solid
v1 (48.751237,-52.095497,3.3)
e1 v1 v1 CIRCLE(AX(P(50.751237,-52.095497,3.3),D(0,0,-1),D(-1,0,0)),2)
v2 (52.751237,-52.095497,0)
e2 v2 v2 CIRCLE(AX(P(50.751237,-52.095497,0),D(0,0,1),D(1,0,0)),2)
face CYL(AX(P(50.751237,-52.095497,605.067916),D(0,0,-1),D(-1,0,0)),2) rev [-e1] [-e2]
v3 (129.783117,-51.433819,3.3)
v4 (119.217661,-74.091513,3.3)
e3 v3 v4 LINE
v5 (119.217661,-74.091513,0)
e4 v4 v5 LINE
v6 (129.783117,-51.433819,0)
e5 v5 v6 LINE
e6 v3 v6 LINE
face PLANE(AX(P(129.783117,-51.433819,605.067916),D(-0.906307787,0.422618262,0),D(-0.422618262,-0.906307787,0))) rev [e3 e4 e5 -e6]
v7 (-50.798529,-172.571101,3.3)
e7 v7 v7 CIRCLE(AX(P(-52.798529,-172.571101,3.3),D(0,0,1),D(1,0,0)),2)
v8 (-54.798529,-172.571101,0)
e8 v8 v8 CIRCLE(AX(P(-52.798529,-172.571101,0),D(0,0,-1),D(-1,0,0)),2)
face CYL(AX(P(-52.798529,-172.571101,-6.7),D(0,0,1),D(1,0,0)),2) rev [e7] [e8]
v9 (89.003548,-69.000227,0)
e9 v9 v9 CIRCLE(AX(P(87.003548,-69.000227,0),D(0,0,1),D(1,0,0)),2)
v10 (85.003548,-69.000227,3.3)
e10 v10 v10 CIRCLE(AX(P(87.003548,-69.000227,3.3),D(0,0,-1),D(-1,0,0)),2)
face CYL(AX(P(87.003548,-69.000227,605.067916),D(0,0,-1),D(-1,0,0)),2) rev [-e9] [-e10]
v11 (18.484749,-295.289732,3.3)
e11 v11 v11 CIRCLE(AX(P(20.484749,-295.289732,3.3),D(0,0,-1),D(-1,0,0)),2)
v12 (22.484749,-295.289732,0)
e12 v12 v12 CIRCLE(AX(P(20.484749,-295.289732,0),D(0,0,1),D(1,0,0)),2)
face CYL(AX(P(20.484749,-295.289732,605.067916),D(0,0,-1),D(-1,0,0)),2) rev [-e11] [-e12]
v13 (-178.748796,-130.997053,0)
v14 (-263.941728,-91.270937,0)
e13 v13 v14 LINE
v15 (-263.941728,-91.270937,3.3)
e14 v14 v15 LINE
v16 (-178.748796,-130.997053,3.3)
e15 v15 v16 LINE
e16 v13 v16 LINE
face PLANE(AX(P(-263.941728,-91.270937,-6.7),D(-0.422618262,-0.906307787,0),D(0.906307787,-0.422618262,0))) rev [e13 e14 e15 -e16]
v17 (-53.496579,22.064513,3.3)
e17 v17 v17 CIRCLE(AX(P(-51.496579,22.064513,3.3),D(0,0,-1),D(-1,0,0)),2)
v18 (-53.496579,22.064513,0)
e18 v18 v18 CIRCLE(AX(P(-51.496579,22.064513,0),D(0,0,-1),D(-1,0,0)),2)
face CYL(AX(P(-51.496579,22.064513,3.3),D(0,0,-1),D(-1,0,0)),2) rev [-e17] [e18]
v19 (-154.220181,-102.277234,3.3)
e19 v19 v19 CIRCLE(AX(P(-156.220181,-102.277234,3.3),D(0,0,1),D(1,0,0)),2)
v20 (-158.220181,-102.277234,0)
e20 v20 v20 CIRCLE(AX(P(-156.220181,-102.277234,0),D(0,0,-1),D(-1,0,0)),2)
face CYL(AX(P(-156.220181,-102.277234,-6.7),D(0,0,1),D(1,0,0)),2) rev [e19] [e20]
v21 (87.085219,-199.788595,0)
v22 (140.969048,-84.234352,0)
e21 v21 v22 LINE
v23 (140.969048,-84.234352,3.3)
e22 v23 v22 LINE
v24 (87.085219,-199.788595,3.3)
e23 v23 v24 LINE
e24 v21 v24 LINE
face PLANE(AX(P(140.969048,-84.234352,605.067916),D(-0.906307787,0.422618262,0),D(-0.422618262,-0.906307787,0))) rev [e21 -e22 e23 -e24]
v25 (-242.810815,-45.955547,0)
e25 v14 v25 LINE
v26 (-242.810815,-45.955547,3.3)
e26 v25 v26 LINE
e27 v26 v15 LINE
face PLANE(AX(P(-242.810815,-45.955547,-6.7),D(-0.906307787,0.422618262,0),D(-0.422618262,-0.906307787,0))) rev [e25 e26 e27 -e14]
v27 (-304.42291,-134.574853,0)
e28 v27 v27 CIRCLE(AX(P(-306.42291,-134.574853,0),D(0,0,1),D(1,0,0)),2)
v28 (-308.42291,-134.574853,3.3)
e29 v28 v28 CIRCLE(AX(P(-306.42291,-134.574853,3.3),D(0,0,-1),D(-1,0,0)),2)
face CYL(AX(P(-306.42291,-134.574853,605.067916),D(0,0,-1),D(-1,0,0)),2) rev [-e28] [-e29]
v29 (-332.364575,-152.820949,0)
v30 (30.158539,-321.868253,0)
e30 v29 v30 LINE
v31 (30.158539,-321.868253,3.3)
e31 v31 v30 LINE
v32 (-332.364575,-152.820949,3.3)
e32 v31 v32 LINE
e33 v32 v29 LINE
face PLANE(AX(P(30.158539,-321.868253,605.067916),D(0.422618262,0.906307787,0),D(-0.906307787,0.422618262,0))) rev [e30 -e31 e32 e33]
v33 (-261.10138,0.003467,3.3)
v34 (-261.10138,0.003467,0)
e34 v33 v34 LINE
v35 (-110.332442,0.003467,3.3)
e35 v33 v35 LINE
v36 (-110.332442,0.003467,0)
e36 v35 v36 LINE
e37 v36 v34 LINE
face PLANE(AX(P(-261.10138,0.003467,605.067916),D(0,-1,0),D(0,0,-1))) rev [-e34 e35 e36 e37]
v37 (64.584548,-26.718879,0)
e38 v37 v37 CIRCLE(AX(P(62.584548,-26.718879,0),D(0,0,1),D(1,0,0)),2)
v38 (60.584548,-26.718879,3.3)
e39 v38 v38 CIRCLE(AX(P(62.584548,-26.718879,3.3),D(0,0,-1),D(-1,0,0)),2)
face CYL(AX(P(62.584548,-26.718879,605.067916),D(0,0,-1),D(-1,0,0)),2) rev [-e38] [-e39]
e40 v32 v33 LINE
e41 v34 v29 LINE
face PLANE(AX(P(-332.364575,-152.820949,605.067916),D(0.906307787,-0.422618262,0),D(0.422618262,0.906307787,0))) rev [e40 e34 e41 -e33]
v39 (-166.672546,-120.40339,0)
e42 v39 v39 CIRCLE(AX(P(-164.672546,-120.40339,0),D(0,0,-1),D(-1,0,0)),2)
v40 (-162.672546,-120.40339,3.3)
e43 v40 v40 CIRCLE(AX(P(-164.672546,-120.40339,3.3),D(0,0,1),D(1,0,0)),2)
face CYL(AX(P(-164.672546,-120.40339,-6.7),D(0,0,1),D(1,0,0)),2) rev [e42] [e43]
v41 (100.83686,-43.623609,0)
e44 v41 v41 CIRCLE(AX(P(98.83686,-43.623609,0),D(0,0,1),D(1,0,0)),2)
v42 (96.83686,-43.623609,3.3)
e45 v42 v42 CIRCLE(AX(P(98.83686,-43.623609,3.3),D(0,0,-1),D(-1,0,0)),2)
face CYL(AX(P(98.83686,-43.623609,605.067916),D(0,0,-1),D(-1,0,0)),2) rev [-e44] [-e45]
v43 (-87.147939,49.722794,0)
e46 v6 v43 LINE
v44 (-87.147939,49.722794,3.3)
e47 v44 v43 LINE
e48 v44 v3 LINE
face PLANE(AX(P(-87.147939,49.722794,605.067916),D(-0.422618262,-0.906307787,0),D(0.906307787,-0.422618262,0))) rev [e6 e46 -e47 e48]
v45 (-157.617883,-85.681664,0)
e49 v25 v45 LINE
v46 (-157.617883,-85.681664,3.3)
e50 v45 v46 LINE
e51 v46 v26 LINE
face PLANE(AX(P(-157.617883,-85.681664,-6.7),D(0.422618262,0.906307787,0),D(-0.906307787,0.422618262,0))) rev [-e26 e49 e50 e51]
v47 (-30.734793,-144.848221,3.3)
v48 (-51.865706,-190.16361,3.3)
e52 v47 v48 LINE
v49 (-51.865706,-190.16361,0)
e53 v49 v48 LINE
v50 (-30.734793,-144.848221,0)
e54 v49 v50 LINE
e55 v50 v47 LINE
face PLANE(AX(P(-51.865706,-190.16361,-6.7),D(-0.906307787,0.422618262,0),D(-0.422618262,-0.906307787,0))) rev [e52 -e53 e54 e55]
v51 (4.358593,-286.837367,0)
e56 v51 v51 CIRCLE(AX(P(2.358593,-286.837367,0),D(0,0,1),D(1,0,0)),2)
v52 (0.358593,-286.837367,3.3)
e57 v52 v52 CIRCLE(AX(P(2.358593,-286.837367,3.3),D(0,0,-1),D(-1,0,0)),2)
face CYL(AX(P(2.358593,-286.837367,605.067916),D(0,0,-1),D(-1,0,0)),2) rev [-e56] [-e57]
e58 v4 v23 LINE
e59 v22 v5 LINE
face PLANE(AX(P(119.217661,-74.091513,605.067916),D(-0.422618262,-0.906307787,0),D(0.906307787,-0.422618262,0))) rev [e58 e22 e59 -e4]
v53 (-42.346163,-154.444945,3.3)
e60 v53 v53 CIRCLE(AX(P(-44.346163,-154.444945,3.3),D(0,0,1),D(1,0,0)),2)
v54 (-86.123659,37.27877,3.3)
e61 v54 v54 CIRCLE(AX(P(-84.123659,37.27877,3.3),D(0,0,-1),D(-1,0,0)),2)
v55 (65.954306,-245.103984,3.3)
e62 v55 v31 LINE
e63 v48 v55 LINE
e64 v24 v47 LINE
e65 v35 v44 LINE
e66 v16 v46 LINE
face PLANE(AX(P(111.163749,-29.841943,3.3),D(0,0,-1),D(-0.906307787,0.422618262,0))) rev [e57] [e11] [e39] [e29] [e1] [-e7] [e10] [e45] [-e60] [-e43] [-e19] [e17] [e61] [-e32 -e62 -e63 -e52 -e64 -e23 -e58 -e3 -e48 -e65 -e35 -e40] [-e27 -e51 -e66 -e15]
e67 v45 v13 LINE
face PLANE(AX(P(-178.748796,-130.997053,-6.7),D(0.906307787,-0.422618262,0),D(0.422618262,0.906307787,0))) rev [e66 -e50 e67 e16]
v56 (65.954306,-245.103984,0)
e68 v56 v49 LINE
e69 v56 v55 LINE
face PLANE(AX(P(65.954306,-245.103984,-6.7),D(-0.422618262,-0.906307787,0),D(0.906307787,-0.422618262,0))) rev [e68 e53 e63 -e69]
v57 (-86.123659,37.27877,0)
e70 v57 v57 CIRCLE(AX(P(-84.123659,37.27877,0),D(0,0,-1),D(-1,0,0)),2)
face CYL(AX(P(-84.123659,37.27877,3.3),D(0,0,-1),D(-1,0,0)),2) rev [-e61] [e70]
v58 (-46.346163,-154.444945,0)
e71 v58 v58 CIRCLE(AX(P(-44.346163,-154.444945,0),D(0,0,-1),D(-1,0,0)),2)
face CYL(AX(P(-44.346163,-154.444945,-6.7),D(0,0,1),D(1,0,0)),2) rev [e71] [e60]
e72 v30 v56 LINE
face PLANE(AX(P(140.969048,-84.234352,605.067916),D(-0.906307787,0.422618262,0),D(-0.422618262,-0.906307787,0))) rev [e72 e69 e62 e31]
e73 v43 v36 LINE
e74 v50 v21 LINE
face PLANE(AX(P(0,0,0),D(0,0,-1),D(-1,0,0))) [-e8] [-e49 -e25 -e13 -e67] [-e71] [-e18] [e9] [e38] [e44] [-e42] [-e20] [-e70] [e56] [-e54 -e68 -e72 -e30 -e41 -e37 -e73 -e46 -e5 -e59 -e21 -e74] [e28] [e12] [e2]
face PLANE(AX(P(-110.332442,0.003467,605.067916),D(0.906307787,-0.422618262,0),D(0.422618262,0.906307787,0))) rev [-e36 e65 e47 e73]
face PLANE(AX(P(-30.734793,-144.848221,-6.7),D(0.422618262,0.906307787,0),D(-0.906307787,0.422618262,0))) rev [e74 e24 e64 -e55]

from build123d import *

# Parameters (mm, degrees)
SKETCH1_R           = 2
BOSS_EXTRUDE1_DEPTH = 3.3
SKETCH2_R           = 2
CUT_EXTRUDE1_DEPTH  = 463.683772706
CUT_EXTRUDE2_DEPTH  = 10
CUT_EXTRUDE3_DEPTH  = 10
SKETCH7_R           = 2
CUT_EXTRUDE4_DEPTH  = 10


with BuildPart() as part:
    # Sketch1 → Boss-Extrude1 (new body)
    with BuildSketch(Plane.XY):
        Polygon((-261.101380084, 0.003466677), (-110.332441909, 0.003466677), (-87.147938799, 49.722794044), (129.783117347, -51.433818728), (119.217660803, -74.091513404), (140.969047692, -84.234351686), (30.158539464, -321.868253447), (-332.364575351, -152.820948751), align=None)
        with Locations(Location((87.00354845, -69.000227384, 0), (0, 0, 180))):
            Circle(SKETCH1_R, mode=Mode.SUBTRACT)
        with Locations(Location((98.836859779, -43.623609347, 0), (0, 0, 180))):
            Circle(SKETCH1_R, mode=Mode.SUBTRACT)
        with Locations(Location((62.584548297, -26.718878877, 0), (0, 0, 180))):
            Circle(SKETCH1_R, mode=Mode.SUBTRACT)
        with Locations(Location((50.751236969, -52.095496914, 0), (0, 0, 180))):
            Circle(SKETCH1_R, mode=Mode.SUBTRACT)
        with Locations(Location((2.358593217, -286.837367237, 0), (0, 0, 180))):
            Circle(SKETCH1_R, mode=Mode.SUBTRACT)
        with Locations(Location((-306.422910118, -134.574853143, 0), (0, 0, 180))):
            Circle(SKETCH1_R, mode=Mode.SUBTRACT)
        with Locations(Location((20.484748958, -295.289732471, 0), (0, 0, 180))):
            Circle(SKETCH1_R, mode=Mode.SUBTRACT)
    extrude(amount=BOSS_EXTRUDE1_DEPTH)

    # Sketch2 → Cut-Extrude1 (cut, through all)
    with BuildSketch(Plane(origin=(0, 0, 0), x_dir=(-1, 0, 0), z_dir=(0, 0, -1))):
        with Locations((51.496578787, 22.064512657)):
            Circle(SKETCH2_R)
        with Locations((84.12365912, 37.27877008)):
            Circle(SKETCH2_R)
    extrude(amount=-CUT_EXTRUDE1_DEPTH, mode=Mode.SUBTRACT)

    # Sketch5 → Cut-Extrude2 (cut)
    with BuildSketch(Plane.XY.offset(3.3)):
        Polygon((65.954306233, -245.103983885), (-51.865706081, -190.163609859), (-30.734792994, -144.848220507), (87.08521932, -199.788594533), align=None)
    extrude(amount=-CUT_EXTRUDE2_DEPTH, mode=Mode.SUBTRACT)

    # Sketch6 → Cut-Extrude3 (cut)
    with BuildSketch(Plane.XY.offset(3.3)):
        Polygon((-178.748796266, -130.997053215), (-157.617883179, -85.681663863), (-242.810815161, -45.955547259), (-263.941728248, -91.270936611), align=None)
    extrude(amount=-CUT_EXTRUDE3_DEPTH, mode=Mode.SUBTRACT)

    # Sketch7 → Cut-Extrude4 (cut)
    with BuildSketch(Plane.XY.offset(3.3)):
        with Locations((-52.7985286, -172.571100935)):
            Circle(SKETCH7_R)
        with Locations((-44.346163365, -154.444945194)):
            Circle(SKETCH7_R)
        with Locations((-164.672545808, -120.403389962)):
            Circle(SKETCH7_R)
        with Locations((-156.220180573, -102.277234221)):
            Circle(SKETCH7_R)
    extrude(amount=-CUT_EXTRUDE4_DEPTH, mode=Mode.SUBTRACT)


solid = part.part
